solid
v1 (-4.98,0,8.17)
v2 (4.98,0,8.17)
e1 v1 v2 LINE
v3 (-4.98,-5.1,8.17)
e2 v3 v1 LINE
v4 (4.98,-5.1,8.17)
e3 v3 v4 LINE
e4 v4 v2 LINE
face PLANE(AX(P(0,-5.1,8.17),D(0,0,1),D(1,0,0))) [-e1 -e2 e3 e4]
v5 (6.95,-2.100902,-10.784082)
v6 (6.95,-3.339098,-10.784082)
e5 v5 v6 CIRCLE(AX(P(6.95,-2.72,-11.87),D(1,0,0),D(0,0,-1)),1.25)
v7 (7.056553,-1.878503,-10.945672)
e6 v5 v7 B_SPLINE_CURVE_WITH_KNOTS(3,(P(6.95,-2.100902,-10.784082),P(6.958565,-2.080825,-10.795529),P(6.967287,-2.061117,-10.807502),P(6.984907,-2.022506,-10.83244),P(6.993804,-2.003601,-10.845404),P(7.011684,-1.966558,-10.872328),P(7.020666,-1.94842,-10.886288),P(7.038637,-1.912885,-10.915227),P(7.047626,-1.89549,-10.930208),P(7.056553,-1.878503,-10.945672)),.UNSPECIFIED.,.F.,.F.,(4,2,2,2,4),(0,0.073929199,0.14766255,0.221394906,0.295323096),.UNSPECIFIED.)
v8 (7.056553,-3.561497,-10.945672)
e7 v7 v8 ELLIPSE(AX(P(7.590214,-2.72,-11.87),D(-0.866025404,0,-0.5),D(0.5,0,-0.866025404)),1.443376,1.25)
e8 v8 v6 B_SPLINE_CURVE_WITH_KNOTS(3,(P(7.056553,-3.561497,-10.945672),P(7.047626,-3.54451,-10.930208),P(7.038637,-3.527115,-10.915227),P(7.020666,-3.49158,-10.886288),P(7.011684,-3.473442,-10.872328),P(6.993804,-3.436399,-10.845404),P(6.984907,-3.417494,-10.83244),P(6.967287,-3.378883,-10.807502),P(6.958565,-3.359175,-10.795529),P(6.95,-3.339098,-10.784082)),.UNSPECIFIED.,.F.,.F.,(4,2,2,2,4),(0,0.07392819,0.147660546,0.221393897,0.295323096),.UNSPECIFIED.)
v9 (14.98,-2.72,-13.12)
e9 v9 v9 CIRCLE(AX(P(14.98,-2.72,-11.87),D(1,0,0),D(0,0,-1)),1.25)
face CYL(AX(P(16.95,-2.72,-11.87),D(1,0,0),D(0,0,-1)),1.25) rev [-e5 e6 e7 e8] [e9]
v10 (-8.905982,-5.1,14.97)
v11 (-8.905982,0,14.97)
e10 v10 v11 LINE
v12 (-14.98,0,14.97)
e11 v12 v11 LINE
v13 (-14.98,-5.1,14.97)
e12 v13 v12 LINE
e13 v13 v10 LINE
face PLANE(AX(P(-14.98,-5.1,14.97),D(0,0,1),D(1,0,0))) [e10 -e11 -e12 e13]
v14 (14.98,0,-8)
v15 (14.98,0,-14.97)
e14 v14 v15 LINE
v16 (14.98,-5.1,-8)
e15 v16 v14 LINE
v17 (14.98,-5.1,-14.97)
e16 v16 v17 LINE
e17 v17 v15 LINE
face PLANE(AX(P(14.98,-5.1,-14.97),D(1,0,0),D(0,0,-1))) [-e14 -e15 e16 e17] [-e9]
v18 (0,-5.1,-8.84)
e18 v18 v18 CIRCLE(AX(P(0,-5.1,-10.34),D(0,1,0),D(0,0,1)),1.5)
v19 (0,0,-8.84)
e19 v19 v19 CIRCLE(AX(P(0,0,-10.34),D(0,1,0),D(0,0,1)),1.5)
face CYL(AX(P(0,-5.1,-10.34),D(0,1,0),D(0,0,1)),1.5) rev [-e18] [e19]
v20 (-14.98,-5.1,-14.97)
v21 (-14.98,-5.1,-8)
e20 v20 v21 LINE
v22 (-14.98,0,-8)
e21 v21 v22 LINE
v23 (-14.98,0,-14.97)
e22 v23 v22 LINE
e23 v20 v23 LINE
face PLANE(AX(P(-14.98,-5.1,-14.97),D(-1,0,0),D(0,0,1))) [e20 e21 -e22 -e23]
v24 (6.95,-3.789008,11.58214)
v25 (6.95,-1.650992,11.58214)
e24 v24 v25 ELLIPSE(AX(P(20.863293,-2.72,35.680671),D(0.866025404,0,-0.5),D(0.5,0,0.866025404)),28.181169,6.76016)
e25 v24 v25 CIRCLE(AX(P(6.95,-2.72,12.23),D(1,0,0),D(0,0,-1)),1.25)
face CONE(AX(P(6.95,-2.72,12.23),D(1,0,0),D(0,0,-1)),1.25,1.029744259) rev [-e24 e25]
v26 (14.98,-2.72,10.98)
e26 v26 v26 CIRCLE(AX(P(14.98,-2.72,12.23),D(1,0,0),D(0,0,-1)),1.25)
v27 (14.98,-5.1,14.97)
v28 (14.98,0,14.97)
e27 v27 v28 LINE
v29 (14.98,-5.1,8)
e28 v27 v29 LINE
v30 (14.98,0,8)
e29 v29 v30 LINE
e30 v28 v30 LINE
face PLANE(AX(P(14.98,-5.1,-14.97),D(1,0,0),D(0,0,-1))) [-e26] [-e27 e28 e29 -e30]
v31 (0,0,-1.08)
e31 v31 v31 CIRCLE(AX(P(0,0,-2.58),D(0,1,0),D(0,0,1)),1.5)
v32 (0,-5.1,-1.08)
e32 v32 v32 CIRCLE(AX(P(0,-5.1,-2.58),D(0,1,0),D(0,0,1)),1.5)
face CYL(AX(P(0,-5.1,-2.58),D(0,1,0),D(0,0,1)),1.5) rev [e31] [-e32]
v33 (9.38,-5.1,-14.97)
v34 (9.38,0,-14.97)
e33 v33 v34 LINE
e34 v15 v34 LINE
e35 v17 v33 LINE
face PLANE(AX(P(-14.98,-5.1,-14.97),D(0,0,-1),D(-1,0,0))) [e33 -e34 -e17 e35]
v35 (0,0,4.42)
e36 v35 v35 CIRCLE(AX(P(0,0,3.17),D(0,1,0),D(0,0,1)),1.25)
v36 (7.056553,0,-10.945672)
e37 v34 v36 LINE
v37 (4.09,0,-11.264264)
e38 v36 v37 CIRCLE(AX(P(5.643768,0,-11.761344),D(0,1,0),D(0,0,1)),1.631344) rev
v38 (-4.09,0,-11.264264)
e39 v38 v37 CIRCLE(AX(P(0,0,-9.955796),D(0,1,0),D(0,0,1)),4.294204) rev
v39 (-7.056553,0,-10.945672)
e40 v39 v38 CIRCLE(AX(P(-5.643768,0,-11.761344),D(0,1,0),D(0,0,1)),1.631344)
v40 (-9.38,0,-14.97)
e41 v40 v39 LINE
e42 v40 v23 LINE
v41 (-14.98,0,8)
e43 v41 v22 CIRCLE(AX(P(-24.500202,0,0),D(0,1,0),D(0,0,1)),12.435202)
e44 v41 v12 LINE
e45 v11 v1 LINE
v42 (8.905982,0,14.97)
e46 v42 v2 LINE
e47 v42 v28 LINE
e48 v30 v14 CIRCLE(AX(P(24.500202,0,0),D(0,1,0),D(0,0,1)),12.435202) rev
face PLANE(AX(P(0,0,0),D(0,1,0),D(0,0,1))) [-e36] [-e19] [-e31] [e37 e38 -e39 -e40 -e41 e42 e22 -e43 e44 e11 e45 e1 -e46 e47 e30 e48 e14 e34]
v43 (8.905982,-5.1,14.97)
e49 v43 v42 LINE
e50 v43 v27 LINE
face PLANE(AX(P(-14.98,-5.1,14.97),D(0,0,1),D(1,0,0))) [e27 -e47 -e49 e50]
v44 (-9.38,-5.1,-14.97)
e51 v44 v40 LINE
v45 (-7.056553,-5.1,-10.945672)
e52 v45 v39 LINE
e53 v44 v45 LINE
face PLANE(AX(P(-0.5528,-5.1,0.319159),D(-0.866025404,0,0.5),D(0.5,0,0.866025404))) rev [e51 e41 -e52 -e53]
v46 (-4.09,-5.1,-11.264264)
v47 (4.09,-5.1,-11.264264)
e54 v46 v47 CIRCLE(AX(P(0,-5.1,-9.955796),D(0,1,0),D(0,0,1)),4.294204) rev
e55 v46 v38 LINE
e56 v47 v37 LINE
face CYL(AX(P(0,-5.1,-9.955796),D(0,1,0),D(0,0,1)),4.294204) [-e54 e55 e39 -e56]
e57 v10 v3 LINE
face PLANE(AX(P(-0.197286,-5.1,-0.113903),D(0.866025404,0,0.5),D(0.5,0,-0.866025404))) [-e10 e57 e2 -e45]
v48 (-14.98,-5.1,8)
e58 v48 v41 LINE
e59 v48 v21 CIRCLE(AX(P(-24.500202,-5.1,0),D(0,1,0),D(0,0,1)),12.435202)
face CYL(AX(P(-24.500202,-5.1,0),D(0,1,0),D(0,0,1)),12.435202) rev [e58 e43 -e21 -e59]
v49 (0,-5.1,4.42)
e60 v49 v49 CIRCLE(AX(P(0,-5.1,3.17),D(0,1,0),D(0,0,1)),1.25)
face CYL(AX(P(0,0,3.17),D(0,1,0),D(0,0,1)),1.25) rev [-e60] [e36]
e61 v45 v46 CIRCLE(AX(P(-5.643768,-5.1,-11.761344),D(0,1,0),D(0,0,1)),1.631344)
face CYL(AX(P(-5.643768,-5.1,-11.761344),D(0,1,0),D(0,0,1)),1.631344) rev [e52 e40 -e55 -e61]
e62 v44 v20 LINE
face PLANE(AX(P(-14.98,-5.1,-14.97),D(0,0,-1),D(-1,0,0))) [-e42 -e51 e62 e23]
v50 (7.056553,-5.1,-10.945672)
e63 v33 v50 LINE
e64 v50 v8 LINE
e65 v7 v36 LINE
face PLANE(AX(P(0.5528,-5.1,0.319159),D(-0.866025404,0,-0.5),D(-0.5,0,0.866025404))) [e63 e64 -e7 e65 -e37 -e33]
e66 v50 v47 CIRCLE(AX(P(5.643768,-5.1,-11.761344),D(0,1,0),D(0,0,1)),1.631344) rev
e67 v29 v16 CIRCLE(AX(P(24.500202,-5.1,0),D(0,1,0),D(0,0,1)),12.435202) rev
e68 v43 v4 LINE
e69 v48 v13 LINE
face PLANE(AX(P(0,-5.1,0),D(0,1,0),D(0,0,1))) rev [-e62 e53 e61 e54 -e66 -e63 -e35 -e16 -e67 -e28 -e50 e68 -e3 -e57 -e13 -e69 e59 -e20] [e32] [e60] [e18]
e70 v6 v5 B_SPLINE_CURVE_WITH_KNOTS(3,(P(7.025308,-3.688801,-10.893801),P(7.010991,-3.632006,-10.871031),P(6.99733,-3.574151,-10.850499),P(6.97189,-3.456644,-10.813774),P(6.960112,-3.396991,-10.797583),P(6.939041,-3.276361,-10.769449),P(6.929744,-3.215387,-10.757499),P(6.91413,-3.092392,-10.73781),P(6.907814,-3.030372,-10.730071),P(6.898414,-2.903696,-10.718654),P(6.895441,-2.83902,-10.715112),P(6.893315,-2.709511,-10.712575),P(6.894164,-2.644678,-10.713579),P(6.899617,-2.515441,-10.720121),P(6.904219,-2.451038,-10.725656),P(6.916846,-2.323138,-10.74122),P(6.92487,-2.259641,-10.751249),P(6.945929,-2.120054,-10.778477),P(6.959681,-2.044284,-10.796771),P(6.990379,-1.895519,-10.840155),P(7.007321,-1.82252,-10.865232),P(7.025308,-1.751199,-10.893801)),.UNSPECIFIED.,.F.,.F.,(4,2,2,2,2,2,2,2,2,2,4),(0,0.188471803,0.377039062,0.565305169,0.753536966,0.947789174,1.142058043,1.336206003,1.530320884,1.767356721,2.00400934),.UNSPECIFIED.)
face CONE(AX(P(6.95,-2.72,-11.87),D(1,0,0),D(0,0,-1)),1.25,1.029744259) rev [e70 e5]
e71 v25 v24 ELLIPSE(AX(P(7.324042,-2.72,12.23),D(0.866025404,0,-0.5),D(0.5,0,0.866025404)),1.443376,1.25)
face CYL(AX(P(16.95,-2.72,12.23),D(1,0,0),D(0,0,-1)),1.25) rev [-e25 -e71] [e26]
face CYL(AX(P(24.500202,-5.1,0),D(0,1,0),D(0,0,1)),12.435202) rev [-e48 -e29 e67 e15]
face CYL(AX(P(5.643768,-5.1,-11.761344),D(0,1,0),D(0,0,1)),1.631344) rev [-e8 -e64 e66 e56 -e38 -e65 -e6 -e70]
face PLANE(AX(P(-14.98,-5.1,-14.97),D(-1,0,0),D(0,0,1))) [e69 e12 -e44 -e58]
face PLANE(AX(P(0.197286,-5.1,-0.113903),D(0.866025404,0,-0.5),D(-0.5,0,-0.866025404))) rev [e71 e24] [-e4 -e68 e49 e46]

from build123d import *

# Parameters (mm, degrees)
SCHIZZO1_W                    = 29.96
SCHIZZO1_H                    = 29.94
ESTRUSIONE_ESTRUSIONE1_DEPTH  = 5.1
TAGLIO_ESTRUSIONE1_DEPTH      = 5.1
SCHIZZO3_R                    = 1.5
TAGLIO_ESTRUSIONE2_DEPTH      = 22.783280286
FORO_FILETTATO_M3X0_5_1_D     = 2.5
FORO_FILETTATO_M3X0_5_2_D     = 2.5
FORO_FILETTATO_M3X0_5_2_DEPTH = 10
FORO_FILETTATO_M3X0_5_2_TIP   = 0.751075774


with BuildPart() as part:
    # Schizzo1 → Estrusione-Estrusione1 (new body)
    with BuildSketch(Plane(origin=(0, 0, 0), x_dir=(1, 0, 0), z_dir=(0, 1, 0))):
        Rectangle(SCHIZZO1_W, SCHIZZO1_H)
    extrude(amount=-ESTRUSIONE_ESTRUSIONE1_DEPTH)

    # Schizzo2 → Taglio-Estrusione1 (cut)
    with BuildSketch(Plane(origin=(0, 0, 0), x_dir=(1, 0, 0), z_dir=(0, 1, 0))):
        Polygon((-4.98, -8.17), (-8.90598183, -14.97), (8.90598183, -14.97), (4.98, -8.17), align=None)
        with BuildLine():
            ThreePointArc((14.98, 8), (12.065, 0), (14.98, -8))
            Line((14.98, -8), (14.98, 8))
        make_face()
        with BuildLine():
            Line((9.38, 14.97), (-9.38, 14.97))
            Line((-9.38, 14.97), (-7.05655311, 10.945671938))
            ThreePointArc((-7.05655311, 10.945671938), (-5.469571784, 10.139327056), (-4.09, 11.264264161))
            ThreePointArc((-4.09, 11.264264161), (0, 14.25), (4.09, 11.264264161))
            ThreePointArc((4.09, 11.264264161), (5.469571784, 10.139327056), (7.05655311, 10.945671938))
            Line((7.05655311, 10.945671938), (9.38, 14.97))
        make_face()
        with BuildLine():
            Line((-14.98, 8), (-14.98, -8))
            ThreePointArc((-14.98, -8), (-12.065, 0), (-14.98, 8))
        make_face()
    extrude(amount=-TAGLIO_ESTRUSIONE1_DEPTH, mode=Mode.SUBTRACT)

    # Schizzo3 → Taglio-Estrusione2 (cut, through all)
    with BuildSketch(Plane(origin=(0, 0, 0), x_dir=(1, 0, 0), z_dir=(0, 1, 0))):
        with Locations(Location((0, 10.34, 0), (0, 0, 270))):
            Circle(SCHIZZO3_R)
        with Locations(Location((0, 2.58, 0), (0, 0, 270))):
            Circle(SCHIZZO3_R)
    extrude(amount=-TAGLIO_ESTRUSIONE2_DEPTH, mode=Mode.SUBTRACT)

    # Foro filettato M3x0.5-1 (through all)
    with Locations(Plane(origin=(0, 0, 0), x_dir=(1, 0, 0), z_dir=(0, 1, 0))):
        with Locations((0, -3.17)):
            Hole(FORO_FILETTATO_M3X0_5_1_D / 2)

    # Foro filettato M3x0.5-2
    with Locations(Plane(origin=(16.95, 0, 0), x_dir=(0, 0, -1), z_dir=(1, 0, 0))):
        with Locations((-12.23, -2.72), (11.87, -2.72)):
            Hole(FORO_FILETTATO_M3X0_5_2_D / 2, depth=FORO_FILETTATO_M3X0_5_2_DEPTH)
            with Locations((0, 0, -(FORO_FILETTATO_M3X0_5_2_DEPTH + FORO_FILETTATO_M3X0_5_2_TIP / 2))):  # 118° drill point
                Cone(0, FORO_FILETTATO_M3X0_5_2_D / 2, FORO_FILETTATO_M3X0_5_2_TIP, mode=Mode.SUBTRACT)


solid = part.part
